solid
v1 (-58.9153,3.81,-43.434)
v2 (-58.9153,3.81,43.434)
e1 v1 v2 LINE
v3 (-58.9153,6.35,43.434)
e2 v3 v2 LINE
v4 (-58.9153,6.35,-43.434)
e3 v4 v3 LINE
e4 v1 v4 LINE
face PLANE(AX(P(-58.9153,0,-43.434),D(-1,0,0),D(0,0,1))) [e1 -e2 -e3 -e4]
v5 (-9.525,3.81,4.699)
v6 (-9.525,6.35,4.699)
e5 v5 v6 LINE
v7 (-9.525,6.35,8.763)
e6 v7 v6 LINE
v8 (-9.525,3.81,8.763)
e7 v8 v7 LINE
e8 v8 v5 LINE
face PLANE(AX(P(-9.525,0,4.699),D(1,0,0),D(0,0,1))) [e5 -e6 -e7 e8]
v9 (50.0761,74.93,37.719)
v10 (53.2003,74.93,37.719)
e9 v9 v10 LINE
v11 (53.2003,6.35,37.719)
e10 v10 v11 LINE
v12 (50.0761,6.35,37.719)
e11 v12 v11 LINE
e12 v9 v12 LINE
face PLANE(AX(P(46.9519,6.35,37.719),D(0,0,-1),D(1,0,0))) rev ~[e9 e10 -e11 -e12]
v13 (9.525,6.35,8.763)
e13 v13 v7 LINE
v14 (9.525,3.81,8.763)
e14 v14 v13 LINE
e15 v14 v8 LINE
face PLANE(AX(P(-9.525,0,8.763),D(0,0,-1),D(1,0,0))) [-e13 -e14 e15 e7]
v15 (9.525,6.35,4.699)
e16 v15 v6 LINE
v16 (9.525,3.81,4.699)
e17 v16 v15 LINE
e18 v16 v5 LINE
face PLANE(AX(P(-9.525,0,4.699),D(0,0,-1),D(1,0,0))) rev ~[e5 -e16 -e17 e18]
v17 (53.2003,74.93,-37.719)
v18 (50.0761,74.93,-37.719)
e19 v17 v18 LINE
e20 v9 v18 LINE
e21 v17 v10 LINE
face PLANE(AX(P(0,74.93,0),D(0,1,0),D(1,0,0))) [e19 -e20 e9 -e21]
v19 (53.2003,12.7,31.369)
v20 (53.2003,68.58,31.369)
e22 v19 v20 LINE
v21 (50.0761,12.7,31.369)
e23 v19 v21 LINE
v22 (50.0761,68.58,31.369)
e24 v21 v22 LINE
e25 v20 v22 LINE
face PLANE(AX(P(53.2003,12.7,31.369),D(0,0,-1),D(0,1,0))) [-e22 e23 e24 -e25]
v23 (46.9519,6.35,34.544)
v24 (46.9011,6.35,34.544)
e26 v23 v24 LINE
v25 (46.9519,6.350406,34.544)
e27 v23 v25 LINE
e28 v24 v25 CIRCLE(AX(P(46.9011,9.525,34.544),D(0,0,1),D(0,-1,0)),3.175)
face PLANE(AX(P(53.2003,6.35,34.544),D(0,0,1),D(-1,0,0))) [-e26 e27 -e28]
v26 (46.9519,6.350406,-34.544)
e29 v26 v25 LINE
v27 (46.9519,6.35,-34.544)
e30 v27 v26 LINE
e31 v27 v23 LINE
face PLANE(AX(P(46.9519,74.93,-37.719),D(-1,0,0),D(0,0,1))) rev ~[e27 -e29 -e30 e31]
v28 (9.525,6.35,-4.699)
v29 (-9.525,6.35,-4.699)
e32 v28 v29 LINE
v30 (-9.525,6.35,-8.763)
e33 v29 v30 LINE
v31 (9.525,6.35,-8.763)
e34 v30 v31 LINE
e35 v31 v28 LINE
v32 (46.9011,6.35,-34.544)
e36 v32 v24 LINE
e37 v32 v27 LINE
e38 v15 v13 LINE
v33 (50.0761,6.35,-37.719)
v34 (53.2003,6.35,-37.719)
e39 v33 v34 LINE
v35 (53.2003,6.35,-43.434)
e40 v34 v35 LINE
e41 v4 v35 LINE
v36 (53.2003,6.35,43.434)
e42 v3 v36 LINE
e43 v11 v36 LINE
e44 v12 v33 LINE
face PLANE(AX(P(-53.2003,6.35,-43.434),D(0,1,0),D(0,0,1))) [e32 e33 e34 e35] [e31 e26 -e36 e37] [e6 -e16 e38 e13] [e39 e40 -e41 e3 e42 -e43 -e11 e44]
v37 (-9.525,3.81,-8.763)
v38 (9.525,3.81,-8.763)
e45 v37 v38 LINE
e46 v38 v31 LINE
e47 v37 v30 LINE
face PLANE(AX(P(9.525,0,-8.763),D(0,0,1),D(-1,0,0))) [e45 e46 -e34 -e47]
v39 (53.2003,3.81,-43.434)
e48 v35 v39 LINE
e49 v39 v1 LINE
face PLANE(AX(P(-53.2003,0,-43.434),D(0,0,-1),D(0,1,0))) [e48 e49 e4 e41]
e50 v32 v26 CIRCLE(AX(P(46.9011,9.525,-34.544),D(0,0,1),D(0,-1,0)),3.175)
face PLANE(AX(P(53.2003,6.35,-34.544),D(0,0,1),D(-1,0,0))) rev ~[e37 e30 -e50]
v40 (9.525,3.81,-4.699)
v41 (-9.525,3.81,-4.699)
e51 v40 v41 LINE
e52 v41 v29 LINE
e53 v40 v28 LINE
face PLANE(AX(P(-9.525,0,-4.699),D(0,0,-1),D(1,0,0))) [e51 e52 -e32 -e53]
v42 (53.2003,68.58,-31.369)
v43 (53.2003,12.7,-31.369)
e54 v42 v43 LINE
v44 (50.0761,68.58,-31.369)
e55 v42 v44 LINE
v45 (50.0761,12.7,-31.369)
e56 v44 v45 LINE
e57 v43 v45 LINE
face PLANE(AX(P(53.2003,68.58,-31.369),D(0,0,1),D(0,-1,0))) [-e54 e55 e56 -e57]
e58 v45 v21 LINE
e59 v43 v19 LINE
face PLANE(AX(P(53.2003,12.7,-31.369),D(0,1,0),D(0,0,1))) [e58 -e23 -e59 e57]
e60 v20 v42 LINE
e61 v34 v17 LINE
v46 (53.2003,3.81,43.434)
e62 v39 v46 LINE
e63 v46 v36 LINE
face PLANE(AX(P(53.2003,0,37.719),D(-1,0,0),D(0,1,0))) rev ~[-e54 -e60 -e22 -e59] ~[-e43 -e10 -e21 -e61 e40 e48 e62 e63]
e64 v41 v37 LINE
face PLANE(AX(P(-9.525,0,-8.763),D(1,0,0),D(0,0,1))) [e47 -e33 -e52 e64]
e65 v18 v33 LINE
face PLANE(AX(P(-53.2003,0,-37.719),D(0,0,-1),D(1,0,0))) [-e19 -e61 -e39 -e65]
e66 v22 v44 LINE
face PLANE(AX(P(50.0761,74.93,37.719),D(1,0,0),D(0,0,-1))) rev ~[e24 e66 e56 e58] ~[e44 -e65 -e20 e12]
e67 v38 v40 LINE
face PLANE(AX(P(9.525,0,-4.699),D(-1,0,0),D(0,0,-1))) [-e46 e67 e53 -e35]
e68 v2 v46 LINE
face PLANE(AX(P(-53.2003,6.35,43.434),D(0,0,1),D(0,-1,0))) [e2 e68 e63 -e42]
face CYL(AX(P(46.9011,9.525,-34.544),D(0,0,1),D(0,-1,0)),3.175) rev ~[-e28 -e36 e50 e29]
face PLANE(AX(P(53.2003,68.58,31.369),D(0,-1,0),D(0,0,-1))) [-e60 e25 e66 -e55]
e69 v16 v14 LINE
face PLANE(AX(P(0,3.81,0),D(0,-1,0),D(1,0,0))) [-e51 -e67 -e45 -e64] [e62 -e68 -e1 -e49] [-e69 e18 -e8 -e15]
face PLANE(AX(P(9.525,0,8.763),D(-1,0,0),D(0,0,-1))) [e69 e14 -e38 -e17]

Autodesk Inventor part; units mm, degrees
ref_plane "YZ Plane" through (0, 0, 0) normal (1, 0, 0) x (0, 1, 0)
ref_plane "XZ Plane" through (0, 0, 0) normal (0, 1, 0) x (-1, 0, 0)
ref_plane "XY Plane" through (0, 0, 0) normal (0, 0, 1) x (1, 0, 0)
sketch "Sketch1" plane through (0, 0, 0) normal (0, 1, 0) x (-1, 0, 0)
  line L0 (53.2003, -37.719) -> (-53.2003, -37.719)
  line L1 (-53.2003, -37.719) -> (-53.2003, 37.719)
  line L2 (-53.2003, 37.719) -> (53.2003, 37.719)
  line L3 (53.2003, 37.719) -> (53.2003, -37.719)
  line L4 (53.2003, -37.719) -> (-53.2003, 37.719) construction
  line L5 (-53.2003, -37.719) -> (53.2003, 37.719) construction
  point P0 (0, 0)
  dimension "d0" = 106.4006
  dimension "d1" = 75.438
extrude "Extrusion1" add sketch "Sketch1" along normal blind 6.35
sketch "Sketch2" plane through (0, 6.35, 0) normal (0, 1, 0) x (1, 0, 0)
  line L0 (53.2003, -37.719) -> (53.2003, 37.719) projected
  line L1 (53.2003, -37.719) -> (53.2003, -34.544)
  line L2 (53.2003, -34.544) -> (50.0761, -34.544)
  line L3 (53.2003, 37.719) -> (53.2003, 34.544)
  line L4 (53.2003, 34.544) -> (50.0761, 34.544)
  line L5 (50.0761, 34.544) -> (50.0761, -34.544)
  line L6 (53.2003, -34.544) -> (53.2003, 34.544)
  point P0 (0, 0)
  dimension "d4" = 3.175
  dimension "d5" = 3.1242
  dimension "d6" = 3.175
extrude "Extrusion2" add sketch "Sketch2" along normal blind 68.58
fillet "Fillet1" radius 3.175 1 edges at (50.0761, 6.35, 0)
sketch "Sketch3" plane through (0, 0, 0) normal (0, -1, 0) x (1, 0, 0)
  line L0 (-9.525, 8.763) -> (9.525, 8.763)
  line L1 (9.525, 8.763) -> (9.525, -8.763)
  line L2 (9.525, -8.763) -> (-9.525, -8.763)
  line L3 (-9.525, -8.763) -> (-9.525, 8.763)
  line L4 (-9.525, 8.763) -> (9.525, -8.763) construction
  line L5 (9.525, 8.763) -> (-9.525, -8.763) construction
  line L6 (9.525, -8.763) -> (-9.525, -8.763)
  line L7 (-9.525, -8.763) -> (-9.525, -4.699)
  line L8 (-9.525, -4.699) -> (9.525, -4.699)
  line L9 (9.525, -4.699) -> (9.525, -8.763)
  line L10 (9.525, 8.763) -> (-9.525, 8.763)
  line L11 (-9.525, 8.763) -> (-9.525, 4.699)
  line L12 (-9.525, 4.699) -> (9.525, 4.699)
  line L13 (9.525, 4.699) -> (9.525, 8.763)
  point P0 (0, 0)
  dimension "d10" = 19.05
  dimension "d11" = 17.526
  dimension "d12" = 4.064
  dimension "d13" = 4.064
extrude "Extrusion3" cut sketch "Sketch3" against normal blind 68.58 contours L0 L1 L12 L3 | L8 L1 L2 L3
sketch "Sketch4" plane through (0, 0, 0) normal (0, -1, 0) x (1, 0, 0)
  point P0 (0, 0)
sketch "Sketch5" plane through (0, 0, 0) normal (0, -1, 0) x (1, 0, 0)
  point P0 (0, 0)
sketch "Sketch6" plane through (53.2003, 0, -37.719) normal (0, 0, -1) x (-1, 0, 0)
  line L0 (106.4006, 0) -> (0, 0) projected
  line L1 (0, 6.35) -> (106.4006, 6.35) projected
  line L2 (106.4006, 0) -> (0, 0)
  line L3 (0, 0) -> (0, 6.35)
  line L4 (0, 6.35) -> (106.4006, 6.35)
  line L5 (106.4006, 6.35) -> (106.4006, 0)
  point P0 (53.2003, 0)
sketch "Sketch7" plane through (0, 6.35, 0) normal (0, 1, 0) x (1, 0, 0)
  line L0 (53.2003, 34.544) -> (53.2003, 37.719) projected
  line L1 (46.9519, -37.719) -> (53.2003, -37.719)
  line L2 (53.2003, -37.719) -> (53.2003, 37.719)
  line L3 (53.2003, 37.719) -> (46.9519, 37.719)
  line L4 (46.9519, 37.719) -> (46.9519, -37.719)
  line L5 (50.0761, 34.544) -> (50.0761, -34.544) projected
  line L6 (46.9519, -37.719) -> (53.2003, 37.719) construction
  line L7 (53.2003, -37.719) -> (46.9519, 37.719) construction
  point P0 (0, 0)
  point P1 (50.0761, 0)
extrude "Extrusion4" add sketch "Sketch7" along normal blind 68.58
sketch "Sketch8" plane through (0, 74.93, 0) normal (0, 1, 0) x (1, 0, 0)
  line L0 (53.2003, -37.719) -> (53.2003, 37.719) projected
  line L1 (53.2003, 37.719) -> (46.9519, 37.719) projected
  line L2 (53.2003, -37.719) -> (50.0761, -37.719)
  line L3 (50.0761, -37.719) -> (50.0761, 37.719)
  line L4 (50.0761, 37.719) -> (53.2003, 37.719)
  line L5 (53.2003, 37.719) -> (53.2003, -37.719)
  line L6 (46.9519, -37.719) -> (53.2003, -37.719) projected
  line L7 (50.0761, 37.719) -> (46.9519, 37.719)
  line L8 (46.9519, 37.719) -> (46.9519, -37.719)
  line L9 (46.9519, -37.719) -> (50.0761, -37.719)
  line L10 (50.0761, -37.719) -> (50.0761, 37.719)
  point P0 (0, 0)
extrude "Extrusion5" cut sketch "Sketch8" against normal blind 68.58 contours L6 L8 L1 L3
sketch "Sketch9" plane through (53.2003, 0, -37.719) normal (0, 0, -1) x (-1, 0, 0)
  line L0 (3.1242, 6.35) -> (106.4006, 6.35) projected
  line L1 (106.4006, 6.35) -> (0, 6.35)
  line L2 (0, 6.35) -> (0, 0)
  line L3 (0, 0) -> (106.4006, 0)
  line L4 (106.4006, 0) -> (106.4006, 6.35)
  point P0 (53.2003, 0)
extrude "Extrusion6" add sketch "Sketch9" along normal blind 5.715
sketch "Sketch10" plane through (-53.2003, 0, 37.719) normal (0, 0, 1) x (1, 0, 0)
  line L0 (0, 6.35) -> (106.4006, 6.35) projected
  line L1 (106.4006, 0) -> (106.4006, 74.93) projected
  line L2 (0, 6.35) -> (106.4006, 6.35)
  line L3 (106.4006, 6.35) -> (106.4006, 0)
  line L4 (106.4006, 0) -> (0, 0)
  line L5 (0, 0) -> (0, 6.35)
  point P0 (53.2003, 0)
extrude "Extrusion7" add sketch "Sketch10" along normal blind 5.715
sketch "Sketch11" plane through (-53.2003, 0, -43.434) normal (-1, 0, 0) x (0, 0, 1)
  line L0 (0, 0) -> (0, 6.35) projected
  line L1 (86.868, 0) -> (0, 0) projected
  line L2 (0, 6.35) -> (86.868, 6.35)
  line L3 (86.868, 6.35) -> (86.868, 0)
  line L4 (86.868, 0) -> (0, 0)
  line L5 (0, 0) -> (0, 6.35)
  point P0 (43.434, 0)
extrude "Extrusion8" add sketch "Sketch11" along normal blind 5.715
sketch "Sketch12" plane through (53.2003, 0, -43.434) normal (0, 0, -1) x (-1, 0, 0)
  line L0 (0, 6.35) -> (112.1156, 6.35) projected
  line L1 (0, 6.35) -> (0, 3.81)
  line L2 (0, 0) -> (112.1156, 0) projected
  line L3 (0, 3.81) -> (0, 6.35)
  point P0 (53.2003, 0)
  dimension "d26" = 2.54
sketch "Sketch13" plane through (0, 0, 0) normal (0, -1, 0) x (1, 0, 0)
  line L0 (-61.9125, -50.8) -> (61.9125, -50.8)
  line L1 (61.9125, -50.8) -> (61.9125, 50.8)
  line L2 (61.9125, 50.8) -> (-61.9125, 50.8)
  line L3 (-61.9125, 50.8) -> (-61.9125, -50.8)
  line L4 (-61.9125, -50.8) -> (61.9125, 50.8) construction
  line L5 (61.9125, -50.8) -> (-61.9125, 50.8) construction
  point P0 (0, 0)
extrude "Extrusion9" cut sketch "Sketch13" against normal blind 3.81
sketch "Sketch14" plane through (53.2003, 6.35, -37.719) normal (1, 0, 0) x (0, 0, -1)
  line L0 (0, 0) -> (0, 68.58) projected
  line L1 (0, 34.29) -> (-6.35, 34.29)
  line L2 (-6.35, 34.29) -> (0, 34.29)
  line L3 (-33.02, -2.54) -> (-33.02, 0) projected
  line L4 (-33.02, 0) -> (-33.02, 6.35)
  line L5 (-33.02, 6.35) -> (-33.02, 0)
  line L6 (-33.02, 0) -> (-33.02, 6.35)
  line L7 (-69.088, 62.23) -> (-6.35, 62.23)
  line L8 (-6.35, 62.23) -> (-6.35, 6.35)
  line L9 (-6.35, 6.35) -> (-69.088, 6.35)
  line L10 (-69.088, 6.35) -> (-69.088, 62.23)
  line L11 (-69.088, 62.23) -> (-6.35, 6.35) construction
  line L12 (-6.35, 62.23) -> (-69.088, 6.35) construction
  point P0 (-37.719, -6.35)
  point P1 (-37.719, 34.29)
extrude "Extrusion10" cut sketch "Sketch14" against normal blind 381
properties part number "Boxpt2"
